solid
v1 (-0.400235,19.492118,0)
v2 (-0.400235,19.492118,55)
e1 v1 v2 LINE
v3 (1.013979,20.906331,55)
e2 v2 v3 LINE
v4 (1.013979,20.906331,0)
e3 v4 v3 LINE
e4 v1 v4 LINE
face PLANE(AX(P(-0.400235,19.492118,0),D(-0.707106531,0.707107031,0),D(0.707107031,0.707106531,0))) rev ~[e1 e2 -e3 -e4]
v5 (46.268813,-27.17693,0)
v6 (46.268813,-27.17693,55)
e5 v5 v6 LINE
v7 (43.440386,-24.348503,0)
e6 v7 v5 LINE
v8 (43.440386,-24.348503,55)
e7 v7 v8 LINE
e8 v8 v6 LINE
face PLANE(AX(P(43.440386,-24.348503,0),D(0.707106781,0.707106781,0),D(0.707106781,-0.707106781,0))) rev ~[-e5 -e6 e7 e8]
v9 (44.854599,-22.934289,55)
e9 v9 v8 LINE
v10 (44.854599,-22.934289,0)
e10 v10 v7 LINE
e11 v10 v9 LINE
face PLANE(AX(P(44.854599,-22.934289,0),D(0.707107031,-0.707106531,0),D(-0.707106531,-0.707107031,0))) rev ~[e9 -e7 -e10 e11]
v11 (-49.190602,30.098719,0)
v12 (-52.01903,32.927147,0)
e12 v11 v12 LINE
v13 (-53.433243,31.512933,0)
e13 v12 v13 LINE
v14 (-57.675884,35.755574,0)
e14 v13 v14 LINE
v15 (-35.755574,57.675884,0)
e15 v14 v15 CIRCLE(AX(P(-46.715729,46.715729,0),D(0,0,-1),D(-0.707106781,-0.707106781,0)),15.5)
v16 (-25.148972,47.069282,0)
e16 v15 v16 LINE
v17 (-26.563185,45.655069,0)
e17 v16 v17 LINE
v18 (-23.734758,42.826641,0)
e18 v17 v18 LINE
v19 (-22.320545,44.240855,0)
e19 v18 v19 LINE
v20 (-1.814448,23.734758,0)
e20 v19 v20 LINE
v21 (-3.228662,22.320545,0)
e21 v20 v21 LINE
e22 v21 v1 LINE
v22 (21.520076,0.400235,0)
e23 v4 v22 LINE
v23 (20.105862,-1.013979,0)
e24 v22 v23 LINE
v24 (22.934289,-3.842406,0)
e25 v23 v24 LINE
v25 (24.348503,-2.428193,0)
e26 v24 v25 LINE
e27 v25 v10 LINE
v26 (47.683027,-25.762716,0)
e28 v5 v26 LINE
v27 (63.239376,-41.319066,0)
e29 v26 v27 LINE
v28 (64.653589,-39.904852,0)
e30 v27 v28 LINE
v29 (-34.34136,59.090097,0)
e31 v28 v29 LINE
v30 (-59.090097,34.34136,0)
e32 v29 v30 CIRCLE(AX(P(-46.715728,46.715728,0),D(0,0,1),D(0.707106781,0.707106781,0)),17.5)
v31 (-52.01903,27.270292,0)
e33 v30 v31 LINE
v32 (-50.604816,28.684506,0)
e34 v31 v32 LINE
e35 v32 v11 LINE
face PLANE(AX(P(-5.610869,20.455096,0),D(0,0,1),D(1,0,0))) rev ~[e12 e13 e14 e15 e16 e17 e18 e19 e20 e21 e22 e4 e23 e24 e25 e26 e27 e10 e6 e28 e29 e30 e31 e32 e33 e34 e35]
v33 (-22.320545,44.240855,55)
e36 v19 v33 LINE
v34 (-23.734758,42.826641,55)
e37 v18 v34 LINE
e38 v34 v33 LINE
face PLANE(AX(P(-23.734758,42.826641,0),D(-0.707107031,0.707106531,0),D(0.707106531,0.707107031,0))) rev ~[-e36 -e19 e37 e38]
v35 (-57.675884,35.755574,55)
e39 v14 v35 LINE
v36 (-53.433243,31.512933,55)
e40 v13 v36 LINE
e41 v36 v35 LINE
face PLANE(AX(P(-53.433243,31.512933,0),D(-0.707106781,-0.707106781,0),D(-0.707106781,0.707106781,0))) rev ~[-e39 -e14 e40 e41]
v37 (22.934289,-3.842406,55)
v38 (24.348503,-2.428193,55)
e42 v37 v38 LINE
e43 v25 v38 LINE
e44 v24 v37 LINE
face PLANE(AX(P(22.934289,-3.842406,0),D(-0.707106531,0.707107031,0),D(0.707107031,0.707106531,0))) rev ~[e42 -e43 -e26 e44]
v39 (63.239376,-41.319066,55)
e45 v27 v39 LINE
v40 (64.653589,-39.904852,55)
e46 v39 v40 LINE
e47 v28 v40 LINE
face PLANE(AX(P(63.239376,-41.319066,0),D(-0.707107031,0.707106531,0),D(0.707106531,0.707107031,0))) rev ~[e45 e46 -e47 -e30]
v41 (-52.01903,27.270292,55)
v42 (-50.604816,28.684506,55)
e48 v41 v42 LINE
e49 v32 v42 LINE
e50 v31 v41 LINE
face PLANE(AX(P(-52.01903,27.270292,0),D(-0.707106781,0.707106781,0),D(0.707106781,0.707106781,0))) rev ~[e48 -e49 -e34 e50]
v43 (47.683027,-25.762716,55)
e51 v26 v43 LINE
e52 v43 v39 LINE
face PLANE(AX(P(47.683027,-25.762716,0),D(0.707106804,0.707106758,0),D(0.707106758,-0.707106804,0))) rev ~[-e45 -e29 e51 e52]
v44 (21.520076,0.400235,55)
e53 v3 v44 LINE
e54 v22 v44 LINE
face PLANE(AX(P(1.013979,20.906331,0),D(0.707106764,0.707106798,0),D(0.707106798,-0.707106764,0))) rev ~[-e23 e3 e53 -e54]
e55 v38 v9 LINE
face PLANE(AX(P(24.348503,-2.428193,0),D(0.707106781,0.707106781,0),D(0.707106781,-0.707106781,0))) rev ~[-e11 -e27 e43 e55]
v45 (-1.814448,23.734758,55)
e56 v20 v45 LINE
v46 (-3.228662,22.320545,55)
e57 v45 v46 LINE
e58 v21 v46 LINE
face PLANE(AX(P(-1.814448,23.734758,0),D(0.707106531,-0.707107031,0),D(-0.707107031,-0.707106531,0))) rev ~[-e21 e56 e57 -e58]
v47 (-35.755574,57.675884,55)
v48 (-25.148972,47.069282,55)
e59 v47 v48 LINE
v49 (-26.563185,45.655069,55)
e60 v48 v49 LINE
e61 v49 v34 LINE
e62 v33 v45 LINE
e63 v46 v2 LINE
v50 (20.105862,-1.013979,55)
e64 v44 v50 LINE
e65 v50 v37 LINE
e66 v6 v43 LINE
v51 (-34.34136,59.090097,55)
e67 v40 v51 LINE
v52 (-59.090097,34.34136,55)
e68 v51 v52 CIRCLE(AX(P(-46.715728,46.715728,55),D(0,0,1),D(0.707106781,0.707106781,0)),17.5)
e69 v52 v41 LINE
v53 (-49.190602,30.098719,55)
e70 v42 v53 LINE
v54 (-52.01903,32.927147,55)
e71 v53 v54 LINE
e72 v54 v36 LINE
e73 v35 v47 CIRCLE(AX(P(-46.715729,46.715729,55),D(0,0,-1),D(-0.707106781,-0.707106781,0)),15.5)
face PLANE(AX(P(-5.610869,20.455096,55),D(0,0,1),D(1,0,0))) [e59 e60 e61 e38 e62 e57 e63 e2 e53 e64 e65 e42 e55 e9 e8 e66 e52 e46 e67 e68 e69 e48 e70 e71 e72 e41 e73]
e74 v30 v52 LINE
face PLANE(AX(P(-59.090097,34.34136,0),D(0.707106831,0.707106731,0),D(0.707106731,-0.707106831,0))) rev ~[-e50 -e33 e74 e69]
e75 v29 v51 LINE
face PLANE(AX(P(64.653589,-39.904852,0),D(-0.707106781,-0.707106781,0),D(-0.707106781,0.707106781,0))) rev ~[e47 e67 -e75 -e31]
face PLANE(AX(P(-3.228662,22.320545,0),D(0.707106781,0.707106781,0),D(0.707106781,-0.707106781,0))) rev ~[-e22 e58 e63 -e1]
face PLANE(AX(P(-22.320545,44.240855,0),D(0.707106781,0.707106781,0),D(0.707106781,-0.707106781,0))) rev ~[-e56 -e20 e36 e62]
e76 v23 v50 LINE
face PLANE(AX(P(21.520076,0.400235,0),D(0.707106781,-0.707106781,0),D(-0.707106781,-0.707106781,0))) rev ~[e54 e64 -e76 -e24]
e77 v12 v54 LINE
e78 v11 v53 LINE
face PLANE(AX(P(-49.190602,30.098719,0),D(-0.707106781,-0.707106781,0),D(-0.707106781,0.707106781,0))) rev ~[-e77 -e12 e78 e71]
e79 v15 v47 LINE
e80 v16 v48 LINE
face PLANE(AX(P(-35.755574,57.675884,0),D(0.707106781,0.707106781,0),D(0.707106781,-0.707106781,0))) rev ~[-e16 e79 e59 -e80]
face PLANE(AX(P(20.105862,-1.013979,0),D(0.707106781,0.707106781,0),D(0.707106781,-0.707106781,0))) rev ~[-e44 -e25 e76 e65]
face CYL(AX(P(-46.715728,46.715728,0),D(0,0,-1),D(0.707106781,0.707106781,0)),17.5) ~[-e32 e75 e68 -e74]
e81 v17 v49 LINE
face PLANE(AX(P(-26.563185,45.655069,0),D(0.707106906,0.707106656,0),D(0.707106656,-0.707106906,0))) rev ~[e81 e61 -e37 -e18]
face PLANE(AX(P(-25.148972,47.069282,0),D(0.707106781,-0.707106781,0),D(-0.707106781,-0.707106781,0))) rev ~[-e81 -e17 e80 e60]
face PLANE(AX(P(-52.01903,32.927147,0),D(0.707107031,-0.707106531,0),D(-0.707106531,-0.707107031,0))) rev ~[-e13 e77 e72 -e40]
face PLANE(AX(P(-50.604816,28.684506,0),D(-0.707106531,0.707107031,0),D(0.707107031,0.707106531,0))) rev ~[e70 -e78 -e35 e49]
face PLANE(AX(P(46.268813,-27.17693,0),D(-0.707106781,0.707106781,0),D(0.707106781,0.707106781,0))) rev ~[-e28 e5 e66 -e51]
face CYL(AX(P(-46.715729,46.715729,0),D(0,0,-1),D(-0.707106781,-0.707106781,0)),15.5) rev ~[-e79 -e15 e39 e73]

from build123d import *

# Parameters (mm, degrees)
F1_DEPTH = 55


with BuildPart() as f1:
    # F0 (on Top) → F1 (new body)
    with BuildSketch(Plane.XY):
        with BuildLine():
            Line((63.239376, -41.319066), (64.653589, -39.904852))
            Line((64.653589, -39.904852), (-34.34136, 59.090097))
            ThreePointArc((-34.34136, 59.090097), (-59.090097, 59.090097), (-59.090097, 34.34136))
            Line((-59.090097, 34.34136), (-52.01903, 27.270292))
            Line((-52.01903, 27.270292), (-50.604816, 28.684506))
            Line((-50.604816, 28.684506), (-49.190602, 30.098719))
            Line((-49.190602, 30.098719), (-52.01903, 32.927147))
            Line((-52.01903, 32.927147), (-53.433243, 31.512933))
            Line((-53.433243, 31.512933), (-57.675884, 35.755574))
            ThreePointArc((-57.675884, 35.755574), (-57.675884, 57.675884), (-35.755574, 57.675884))
            Line((-35.755574, 57.675884), (-25.148972, 47.069282))
            Line((-25.148972, 47.069282), (-26.563185, 45.655069))
            Line((-26.563185, 45.655069), (-23.734758, 42.826641))
            Line((-23.734758, 42.826641), (-22.320545, 44.240855))
            Line((-22.320545, 44.240855), (-1.814448, 23.734758))
            Line((-1.814448, 23.734758), (-3.228662, 22.320545))
            Line((-3.228662, 22.320545), (-0.400235, 19.492118))
            Line((-0.400235, 19.492118), (1.013979, 20.906331))
            Line((1.013979, 20.906331), (21.520076, 0.400235))
            Line((21.520076, 0.400235), (20.105862, -1.013979))
            Line((20.105862, -1.013979), (22.934289, -3.842406))
            Line((22.934289, -3.842406), (24.348503, -2.428193))
            Line((24.348503, -2.428193), (44.854599, -22.934289))
            Line((44.854599, -22.934289), (43.440386, -24.348503))
            Line((43.440386, -24.348503), (46.268813, -27.17693))
            Line((46.268813, -27.17693), (47.683027, -25.762716))
            Line((47.683027, -25.762716), (63.239376, -41.319066))
        make_face()
    extrude(amount=F1_DEPTH)


solid = f1.part
